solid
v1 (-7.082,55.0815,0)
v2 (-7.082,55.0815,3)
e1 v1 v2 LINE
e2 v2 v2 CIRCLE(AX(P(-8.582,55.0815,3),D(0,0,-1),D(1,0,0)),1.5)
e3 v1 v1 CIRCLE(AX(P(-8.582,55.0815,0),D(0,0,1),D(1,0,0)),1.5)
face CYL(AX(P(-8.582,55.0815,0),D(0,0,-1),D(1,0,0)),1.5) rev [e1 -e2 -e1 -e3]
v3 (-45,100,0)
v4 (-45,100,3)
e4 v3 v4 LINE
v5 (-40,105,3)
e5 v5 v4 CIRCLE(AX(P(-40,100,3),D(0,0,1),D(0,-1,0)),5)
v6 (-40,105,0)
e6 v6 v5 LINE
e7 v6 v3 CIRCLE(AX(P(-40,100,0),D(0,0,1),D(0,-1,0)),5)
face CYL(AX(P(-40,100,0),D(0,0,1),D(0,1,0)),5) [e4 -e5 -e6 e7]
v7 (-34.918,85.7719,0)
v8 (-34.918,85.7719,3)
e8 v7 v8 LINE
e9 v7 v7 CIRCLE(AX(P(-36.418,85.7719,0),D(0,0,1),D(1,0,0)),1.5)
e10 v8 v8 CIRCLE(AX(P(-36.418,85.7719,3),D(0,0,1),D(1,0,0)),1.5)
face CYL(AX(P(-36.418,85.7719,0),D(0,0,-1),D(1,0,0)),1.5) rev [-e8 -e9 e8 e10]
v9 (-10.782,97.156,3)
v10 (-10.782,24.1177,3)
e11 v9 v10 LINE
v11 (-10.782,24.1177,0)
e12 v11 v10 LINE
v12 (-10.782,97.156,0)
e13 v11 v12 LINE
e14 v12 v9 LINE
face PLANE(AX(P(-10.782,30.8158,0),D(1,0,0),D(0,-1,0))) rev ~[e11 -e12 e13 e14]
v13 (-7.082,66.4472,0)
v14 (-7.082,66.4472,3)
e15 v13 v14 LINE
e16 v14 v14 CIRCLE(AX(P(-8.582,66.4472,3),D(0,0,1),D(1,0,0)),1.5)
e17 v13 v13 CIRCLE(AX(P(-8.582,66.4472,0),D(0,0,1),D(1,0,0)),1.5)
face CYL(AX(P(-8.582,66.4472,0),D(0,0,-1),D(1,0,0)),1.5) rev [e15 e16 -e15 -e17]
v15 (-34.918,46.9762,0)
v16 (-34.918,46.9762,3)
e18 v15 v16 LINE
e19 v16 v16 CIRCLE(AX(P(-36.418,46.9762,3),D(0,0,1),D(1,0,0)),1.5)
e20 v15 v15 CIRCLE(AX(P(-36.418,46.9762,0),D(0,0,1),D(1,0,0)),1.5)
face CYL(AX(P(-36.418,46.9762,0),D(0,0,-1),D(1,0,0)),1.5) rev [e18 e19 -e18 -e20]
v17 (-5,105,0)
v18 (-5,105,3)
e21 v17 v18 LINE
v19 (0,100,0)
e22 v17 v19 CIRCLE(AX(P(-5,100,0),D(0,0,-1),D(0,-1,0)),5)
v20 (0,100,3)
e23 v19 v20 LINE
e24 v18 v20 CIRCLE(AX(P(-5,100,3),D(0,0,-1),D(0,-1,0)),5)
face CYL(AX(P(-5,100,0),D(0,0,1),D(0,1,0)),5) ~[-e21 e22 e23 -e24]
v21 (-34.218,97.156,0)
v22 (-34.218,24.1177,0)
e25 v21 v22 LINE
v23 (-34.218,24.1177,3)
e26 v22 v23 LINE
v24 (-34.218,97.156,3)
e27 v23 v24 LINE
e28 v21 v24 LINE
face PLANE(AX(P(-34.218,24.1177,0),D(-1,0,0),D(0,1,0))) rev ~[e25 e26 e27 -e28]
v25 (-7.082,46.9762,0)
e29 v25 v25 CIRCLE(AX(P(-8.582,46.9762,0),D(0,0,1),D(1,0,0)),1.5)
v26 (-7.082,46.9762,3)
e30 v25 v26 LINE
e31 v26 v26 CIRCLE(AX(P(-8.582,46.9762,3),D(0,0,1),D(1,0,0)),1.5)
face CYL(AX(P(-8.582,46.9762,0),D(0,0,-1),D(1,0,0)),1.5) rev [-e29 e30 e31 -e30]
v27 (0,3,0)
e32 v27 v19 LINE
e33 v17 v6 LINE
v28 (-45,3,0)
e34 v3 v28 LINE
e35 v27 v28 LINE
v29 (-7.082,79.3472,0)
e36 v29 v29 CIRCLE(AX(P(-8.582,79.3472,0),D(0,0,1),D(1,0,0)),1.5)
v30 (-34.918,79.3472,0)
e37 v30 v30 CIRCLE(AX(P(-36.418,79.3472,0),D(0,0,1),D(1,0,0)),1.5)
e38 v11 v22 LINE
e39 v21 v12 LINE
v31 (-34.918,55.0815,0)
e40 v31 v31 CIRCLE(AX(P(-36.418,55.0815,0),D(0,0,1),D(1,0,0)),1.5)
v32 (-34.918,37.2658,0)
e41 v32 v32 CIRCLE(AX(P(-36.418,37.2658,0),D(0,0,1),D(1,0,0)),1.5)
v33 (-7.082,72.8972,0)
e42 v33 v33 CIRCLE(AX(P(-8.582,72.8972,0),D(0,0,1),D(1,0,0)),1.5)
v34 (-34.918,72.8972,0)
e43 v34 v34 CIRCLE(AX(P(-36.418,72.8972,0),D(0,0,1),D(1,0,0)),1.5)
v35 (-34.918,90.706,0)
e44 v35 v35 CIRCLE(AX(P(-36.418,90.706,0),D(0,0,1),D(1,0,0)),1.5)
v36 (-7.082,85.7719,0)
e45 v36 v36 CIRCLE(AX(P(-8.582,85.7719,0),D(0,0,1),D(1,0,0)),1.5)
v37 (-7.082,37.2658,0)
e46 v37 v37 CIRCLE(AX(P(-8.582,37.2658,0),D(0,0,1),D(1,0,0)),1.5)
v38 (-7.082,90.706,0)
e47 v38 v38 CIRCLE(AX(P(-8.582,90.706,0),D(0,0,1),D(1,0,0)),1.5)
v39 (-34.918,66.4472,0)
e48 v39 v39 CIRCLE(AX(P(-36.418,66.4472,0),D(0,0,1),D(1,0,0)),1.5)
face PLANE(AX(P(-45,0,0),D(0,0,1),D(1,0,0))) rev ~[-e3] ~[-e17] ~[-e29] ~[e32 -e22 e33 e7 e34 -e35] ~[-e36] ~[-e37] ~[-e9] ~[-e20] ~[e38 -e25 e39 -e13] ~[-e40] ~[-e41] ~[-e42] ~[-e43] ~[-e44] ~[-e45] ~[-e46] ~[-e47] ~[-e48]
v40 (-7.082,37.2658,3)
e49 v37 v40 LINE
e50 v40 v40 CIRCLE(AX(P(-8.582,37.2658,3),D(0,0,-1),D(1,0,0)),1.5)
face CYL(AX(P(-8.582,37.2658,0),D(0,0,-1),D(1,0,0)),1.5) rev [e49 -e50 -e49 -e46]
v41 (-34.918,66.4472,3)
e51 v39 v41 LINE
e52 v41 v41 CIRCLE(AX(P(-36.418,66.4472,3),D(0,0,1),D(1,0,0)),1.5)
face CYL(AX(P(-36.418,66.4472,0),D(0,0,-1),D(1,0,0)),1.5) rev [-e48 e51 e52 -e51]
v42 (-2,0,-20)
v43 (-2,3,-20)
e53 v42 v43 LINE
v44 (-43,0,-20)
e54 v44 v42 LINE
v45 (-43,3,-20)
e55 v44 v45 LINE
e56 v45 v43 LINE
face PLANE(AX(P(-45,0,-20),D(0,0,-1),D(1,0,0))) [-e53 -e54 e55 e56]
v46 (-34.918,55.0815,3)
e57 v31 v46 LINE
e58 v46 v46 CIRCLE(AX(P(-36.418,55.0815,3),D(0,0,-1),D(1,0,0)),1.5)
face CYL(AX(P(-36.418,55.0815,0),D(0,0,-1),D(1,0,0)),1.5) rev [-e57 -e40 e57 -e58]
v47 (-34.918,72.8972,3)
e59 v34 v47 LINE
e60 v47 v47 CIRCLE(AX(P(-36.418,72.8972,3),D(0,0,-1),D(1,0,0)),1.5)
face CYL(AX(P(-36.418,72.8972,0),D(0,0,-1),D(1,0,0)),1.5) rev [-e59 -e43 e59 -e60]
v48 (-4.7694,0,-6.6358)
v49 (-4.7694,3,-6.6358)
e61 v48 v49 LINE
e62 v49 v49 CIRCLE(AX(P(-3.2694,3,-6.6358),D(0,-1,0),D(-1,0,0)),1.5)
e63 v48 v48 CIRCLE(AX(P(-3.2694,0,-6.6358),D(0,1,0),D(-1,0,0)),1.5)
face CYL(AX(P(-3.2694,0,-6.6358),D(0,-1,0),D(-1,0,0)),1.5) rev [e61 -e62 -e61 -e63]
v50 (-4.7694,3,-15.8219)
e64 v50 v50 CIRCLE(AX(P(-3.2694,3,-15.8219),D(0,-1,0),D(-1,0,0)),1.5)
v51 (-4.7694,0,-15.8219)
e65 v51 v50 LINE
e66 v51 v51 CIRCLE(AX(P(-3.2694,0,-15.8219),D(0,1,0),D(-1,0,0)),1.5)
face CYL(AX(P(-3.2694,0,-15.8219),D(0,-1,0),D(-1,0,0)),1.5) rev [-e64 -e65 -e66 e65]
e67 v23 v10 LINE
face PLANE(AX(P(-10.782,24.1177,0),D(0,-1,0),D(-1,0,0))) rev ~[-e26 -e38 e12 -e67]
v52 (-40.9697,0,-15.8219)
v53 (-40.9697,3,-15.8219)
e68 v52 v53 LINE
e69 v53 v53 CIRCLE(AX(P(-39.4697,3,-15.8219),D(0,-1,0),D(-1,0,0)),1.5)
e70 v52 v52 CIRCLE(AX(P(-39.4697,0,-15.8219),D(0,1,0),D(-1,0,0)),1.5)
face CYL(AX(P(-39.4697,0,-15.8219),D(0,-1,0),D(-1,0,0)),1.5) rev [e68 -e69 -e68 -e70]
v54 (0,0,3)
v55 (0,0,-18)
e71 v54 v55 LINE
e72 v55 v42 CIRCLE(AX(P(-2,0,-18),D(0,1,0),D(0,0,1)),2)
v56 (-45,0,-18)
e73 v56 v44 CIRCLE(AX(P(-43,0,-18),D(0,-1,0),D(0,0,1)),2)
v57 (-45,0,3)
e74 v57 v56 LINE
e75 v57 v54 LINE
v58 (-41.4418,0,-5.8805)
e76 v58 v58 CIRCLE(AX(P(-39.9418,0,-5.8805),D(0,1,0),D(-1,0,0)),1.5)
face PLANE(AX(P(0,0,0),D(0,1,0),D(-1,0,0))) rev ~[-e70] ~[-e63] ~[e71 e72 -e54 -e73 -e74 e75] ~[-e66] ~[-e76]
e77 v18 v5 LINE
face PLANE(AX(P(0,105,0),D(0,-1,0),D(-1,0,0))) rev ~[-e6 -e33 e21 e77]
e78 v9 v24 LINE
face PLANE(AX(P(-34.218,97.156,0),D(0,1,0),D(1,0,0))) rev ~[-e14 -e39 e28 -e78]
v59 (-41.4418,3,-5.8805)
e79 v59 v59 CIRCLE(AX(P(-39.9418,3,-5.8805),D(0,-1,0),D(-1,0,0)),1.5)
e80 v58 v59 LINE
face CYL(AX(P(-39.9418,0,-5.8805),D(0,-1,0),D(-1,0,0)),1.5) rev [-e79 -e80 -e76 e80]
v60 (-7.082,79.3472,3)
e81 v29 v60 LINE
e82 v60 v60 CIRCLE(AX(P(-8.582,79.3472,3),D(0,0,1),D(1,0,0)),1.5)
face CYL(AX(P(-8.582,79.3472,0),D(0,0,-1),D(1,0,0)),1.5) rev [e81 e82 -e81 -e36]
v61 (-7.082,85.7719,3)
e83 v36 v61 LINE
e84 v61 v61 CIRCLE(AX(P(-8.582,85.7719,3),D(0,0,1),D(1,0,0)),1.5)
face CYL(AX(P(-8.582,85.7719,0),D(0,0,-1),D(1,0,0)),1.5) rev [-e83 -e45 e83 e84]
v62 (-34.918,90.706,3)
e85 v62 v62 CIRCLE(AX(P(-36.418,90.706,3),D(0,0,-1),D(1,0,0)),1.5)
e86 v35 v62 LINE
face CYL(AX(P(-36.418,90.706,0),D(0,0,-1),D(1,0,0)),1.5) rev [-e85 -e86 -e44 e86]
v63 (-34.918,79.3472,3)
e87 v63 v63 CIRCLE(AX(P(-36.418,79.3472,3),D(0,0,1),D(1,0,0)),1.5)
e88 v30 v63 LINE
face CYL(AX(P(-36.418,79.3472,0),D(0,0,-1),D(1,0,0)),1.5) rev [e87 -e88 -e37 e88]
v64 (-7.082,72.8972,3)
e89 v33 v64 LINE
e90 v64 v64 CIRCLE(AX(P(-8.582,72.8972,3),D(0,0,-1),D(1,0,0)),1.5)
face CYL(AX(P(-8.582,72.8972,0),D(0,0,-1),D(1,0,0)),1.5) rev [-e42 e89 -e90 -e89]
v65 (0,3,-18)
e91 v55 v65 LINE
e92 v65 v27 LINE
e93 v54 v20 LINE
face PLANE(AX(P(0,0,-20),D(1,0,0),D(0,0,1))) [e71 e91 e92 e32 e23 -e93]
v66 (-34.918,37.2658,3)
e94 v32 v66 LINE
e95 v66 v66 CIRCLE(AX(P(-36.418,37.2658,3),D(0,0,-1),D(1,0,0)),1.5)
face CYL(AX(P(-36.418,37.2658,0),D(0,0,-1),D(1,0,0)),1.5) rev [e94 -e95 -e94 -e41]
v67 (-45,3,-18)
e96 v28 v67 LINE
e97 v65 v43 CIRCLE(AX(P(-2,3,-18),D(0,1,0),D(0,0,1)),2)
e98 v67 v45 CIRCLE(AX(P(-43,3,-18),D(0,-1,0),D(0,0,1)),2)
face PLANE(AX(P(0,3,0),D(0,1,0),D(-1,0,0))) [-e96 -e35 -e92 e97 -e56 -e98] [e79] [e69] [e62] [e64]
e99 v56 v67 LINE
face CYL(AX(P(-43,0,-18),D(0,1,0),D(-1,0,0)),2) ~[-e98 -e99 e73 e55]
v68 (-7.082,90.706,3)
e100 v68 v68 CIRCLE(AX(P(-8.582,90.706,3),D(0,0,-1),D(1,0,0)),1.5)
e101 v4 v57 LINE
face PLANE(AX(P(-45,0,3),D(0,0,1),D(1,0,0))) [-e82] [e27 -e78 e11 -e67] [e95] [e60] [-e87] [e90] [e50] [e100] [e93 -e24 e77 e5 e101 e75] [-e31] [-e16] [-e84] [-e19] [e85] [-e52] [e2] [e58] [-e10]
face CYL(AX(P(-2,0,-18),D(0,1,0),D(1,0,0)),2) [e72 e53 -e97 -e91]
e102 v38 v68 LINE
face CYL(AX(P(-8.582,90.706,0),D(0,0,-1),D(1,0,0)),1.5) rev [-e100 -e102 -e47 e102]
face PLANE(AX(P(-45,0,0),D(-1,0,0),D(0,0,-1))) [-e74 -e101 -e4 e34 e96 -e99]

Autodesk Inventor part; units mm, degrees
ref_plane "YZ Plane" through (0, 0, 0) normal (1, 0, 0) x (0, 1, 0)
ref_plane "XZ Plane" through (0, 0, 0) normal (0, 1, 0) x (-1, 0, 0)
ref_plane "XY Plane" through (0, 0, 0) normal (0, 0, 1) x (1, 0, 0)
sketch "Sketch1" plane through (0, 0, 0) normal (0, 1, 0) x (-1, 0, 0)
  line L0 (0, 0) -> (45, 0)
  line L1 (45, 0) -> (45, -20)
  line L2 (45, -20) -> (0, -20)
  line L3 (0, -20) -> (0, 0)
  circle A0 centre (39.9418, -5.8805) radius 1.5
  circle A1 centre (39.4697, -15.8219) radius 1.5
  circle A2 centre (3.2694, -6.6358) radius 1.5
  circle A3 centre (3.2694, -15.8219) radius 1.5
  dimension "d0" = 45
  dimension "d1" = 20
  dimension "d4" = 3
  dimension "d5" = 3
  dimension "d6" = 3
  dimension "d7" = 3
extrude "Extrusion1" add sketch "Sketch1" along normal blind 3 contours L0 L1 L2 L3 | A0 | A1 | A2 | A3
extrude "Extrusion2" cut sketch "Sketch1" along normal through all contours A0 | A1 | A2 | A3
sketch "Sketch2" plane through (-45, 0, 0) normal (0, 0, 1) x (1, 0, 0)
  line L0 (0, 0) -> (45, 0)
  line L1 (45, 0) -> (45, 105)
  line L2 (45, 105) -> (0, 105)
  line L3 (0, 105) -> (0, 0)
  line L4 (10.782, 97.156) -> (34.218, 97.156)
  line L5 (34.218, 97.156) -> (34.218, 84.256)
  line L6 (34.218, 84.256) -> (10.782, 84.256)
  line L7 (10.782, 84.256) -> (10.782, 97.156)
  circle A0 centre (8.582, 90.706) radius 1.5
  circle A1 centre (36.418, 90.706) radius 1.5
  line L8 (10.782, 79.3472) -> (34.218, 79.3472)
  line L9 (34.218, 79.3472) -> (34.218, 66.4472)
  line L10 (34.218, 66.4472) -> (10.782, 66.4472)
  line L11 (10.782, 66.4472) -> (10.782, 79.3472)
  circle A2 centre (8.582, 72.8972) radius 1.5
  circle A3 centre (36.418, 72.8972) radius 1.5
  line L12 (10.782, 61.5315) -> (34.218, 61.5315)
  line L13 (34.218, 61.5315) -> (34.218, 48.6315)
  line L14 (34.218, 48.6315) -> (10.782, 48.6315)
  line L15 (10.782, 48.6315) -> (10.782, 61.5315)
  circle A4 centre (8.582, 55.0815) radius 1.5
  circle A5 centre (36.418, 55.0815) radius 1.5
  circle A6 centre (36.418, 37.2658) radius 1.5
  circle A7 centre (8.582, 37.2658) radius 1.5
  line L16 (10.782, 30.8158) -> (10.782, 43.7158)
  line L17 (34.218, 30.8158) -> (10.782, 30.8158)
  line L18 (34.218, 43.7158) -> (34.218, 30.8158)
  line L19 (10.782, 43.7158) -> (34.218, 43.7158)
  line L20 (10.782, 97.156) -> (34.218, 97.156)
  line L21 (34.218, 97.156) -> (34.218, 24.1177)
  line L22 (34.218, 24.1177) -> (10.782, 24.1177)
  line L23 (10.782, 24.1177) -> (10.782, 97.156)
  circle A8 centre (8.582, 85.7719) radius 1.5
  circle A9 centre (36.418, 85.7719) radius 1.5
  circle A10 centre (8.582, 79.3472) radius 1.5
  circle A11 centre (36.418, 79.3472) radius 1.5
  circle A12 centre (8.582, 66.4472) radius 1.5
  circle A13 centre (36.418, 66.4472) radius 1.5
  circle A14 centre (36.418, 46.9762) radius 1.5
  circle A15 centre (8.582, 46.9762) radius 1.5
  point P0 (10.782, 90.706)
  point P1 (10.782, 72.8972)
  point P2 (10.782, 55.0815)
  point P3 (10.782, 37.2658)
  dimension "d10" = 105
  dimension "d13" = 45
  dimension "d14" = 23.436
  dimension "d15" = 12.9
  dimension "d17" = 10.782
  dimension "d18" = 3
  dimension "d19" = 3
  dimension "d20" = 2.2
  dimension "d21" = 2.2
  dimension "d22" = 23.436
  dimension "d23" = 12.9
  dimension "d24" = 3
  dimension "d25" = 3
  dimension "d26" = 2.2
  dimension "d27" = 2.2
  dimension "d28" = 23.436
  dimension "d29" = 12.9
  dimension "d30" = 3
  dimension "d31" = 3
  dimension "d32" = 2.2
  dimension "d33" = 2.2
  dimension "d34" = 23.436
  dimension "d35" = 12.9
  dimension "d36" = 3
  dimension "d37" = 3
  dimension "d38" = 2.2
  dimension "d39" = 2.2
  dimension "d44" = 3
  dimension "d45" = 3
  dimension "d46" = 3
  dimension "d47" = 3
  dimension "d48" = 3
  dimension "d49" = 3
  dimension "d50" = 3
  dimension "d51" = 3
extrude "Extrusion3" add sketch "Sketch2" along normal blind 3 contours L3 L2 L1 L0 | L4 L5 L6 L7 | L6 L21 L8 L23 | L8 L9 L10 L11 | L10 L21 L12 L23 | L12 L13 L14 L15 | L14 L21 L19 L23 | L19 L18 L17 L16 | L17 L21 L22 L23 | A0 | A1 | A2 | A3 | A4 | A5 | A6 | A7 | A8 | A9 | A10 | A11 | A12 | A13 | A14 | A15
extrude "Extrusion4" cut sketch "Sketch2" along normal through all contours L4 L5 L6 L7 | L8 L9 L10 L11 | L12 L13 L14 L15 | L19 L18 L17 L16 | A0 | A1 | A2 | A3 | A4 | A5 | A6 | A7
extrude "Extrusion5" cut sketch "Sketch2" along normal through all contours L6 L21 L8 L23 | L10 L21 L12 L23 | L14 L21 L19 L23 | L17 L21 L22 L23
extrude "Extrusion6" cut sketch "Sketch2" along normal blind 3 contours A8 | A9 | A10 | A11 | A12 | A13 | A14 | A15
fillet "Fillet1" radius 5 1 edges at (-45, 105, 1.5)
fillet "Fillet2" radius 5 1 edges at (0, 105, 1.5)
fillet "Fillet3" radius 2 2 edges at (0, 1.5, -20) (-45, 1.5, -20)
sketch "Sketch4" plane through (-45, 0, 3) normal (0, 0, 1) x (1, 0, 0)
  point P0 (45, 0)
equation "\"d52\" = d48"
properties part number "servo atach"
